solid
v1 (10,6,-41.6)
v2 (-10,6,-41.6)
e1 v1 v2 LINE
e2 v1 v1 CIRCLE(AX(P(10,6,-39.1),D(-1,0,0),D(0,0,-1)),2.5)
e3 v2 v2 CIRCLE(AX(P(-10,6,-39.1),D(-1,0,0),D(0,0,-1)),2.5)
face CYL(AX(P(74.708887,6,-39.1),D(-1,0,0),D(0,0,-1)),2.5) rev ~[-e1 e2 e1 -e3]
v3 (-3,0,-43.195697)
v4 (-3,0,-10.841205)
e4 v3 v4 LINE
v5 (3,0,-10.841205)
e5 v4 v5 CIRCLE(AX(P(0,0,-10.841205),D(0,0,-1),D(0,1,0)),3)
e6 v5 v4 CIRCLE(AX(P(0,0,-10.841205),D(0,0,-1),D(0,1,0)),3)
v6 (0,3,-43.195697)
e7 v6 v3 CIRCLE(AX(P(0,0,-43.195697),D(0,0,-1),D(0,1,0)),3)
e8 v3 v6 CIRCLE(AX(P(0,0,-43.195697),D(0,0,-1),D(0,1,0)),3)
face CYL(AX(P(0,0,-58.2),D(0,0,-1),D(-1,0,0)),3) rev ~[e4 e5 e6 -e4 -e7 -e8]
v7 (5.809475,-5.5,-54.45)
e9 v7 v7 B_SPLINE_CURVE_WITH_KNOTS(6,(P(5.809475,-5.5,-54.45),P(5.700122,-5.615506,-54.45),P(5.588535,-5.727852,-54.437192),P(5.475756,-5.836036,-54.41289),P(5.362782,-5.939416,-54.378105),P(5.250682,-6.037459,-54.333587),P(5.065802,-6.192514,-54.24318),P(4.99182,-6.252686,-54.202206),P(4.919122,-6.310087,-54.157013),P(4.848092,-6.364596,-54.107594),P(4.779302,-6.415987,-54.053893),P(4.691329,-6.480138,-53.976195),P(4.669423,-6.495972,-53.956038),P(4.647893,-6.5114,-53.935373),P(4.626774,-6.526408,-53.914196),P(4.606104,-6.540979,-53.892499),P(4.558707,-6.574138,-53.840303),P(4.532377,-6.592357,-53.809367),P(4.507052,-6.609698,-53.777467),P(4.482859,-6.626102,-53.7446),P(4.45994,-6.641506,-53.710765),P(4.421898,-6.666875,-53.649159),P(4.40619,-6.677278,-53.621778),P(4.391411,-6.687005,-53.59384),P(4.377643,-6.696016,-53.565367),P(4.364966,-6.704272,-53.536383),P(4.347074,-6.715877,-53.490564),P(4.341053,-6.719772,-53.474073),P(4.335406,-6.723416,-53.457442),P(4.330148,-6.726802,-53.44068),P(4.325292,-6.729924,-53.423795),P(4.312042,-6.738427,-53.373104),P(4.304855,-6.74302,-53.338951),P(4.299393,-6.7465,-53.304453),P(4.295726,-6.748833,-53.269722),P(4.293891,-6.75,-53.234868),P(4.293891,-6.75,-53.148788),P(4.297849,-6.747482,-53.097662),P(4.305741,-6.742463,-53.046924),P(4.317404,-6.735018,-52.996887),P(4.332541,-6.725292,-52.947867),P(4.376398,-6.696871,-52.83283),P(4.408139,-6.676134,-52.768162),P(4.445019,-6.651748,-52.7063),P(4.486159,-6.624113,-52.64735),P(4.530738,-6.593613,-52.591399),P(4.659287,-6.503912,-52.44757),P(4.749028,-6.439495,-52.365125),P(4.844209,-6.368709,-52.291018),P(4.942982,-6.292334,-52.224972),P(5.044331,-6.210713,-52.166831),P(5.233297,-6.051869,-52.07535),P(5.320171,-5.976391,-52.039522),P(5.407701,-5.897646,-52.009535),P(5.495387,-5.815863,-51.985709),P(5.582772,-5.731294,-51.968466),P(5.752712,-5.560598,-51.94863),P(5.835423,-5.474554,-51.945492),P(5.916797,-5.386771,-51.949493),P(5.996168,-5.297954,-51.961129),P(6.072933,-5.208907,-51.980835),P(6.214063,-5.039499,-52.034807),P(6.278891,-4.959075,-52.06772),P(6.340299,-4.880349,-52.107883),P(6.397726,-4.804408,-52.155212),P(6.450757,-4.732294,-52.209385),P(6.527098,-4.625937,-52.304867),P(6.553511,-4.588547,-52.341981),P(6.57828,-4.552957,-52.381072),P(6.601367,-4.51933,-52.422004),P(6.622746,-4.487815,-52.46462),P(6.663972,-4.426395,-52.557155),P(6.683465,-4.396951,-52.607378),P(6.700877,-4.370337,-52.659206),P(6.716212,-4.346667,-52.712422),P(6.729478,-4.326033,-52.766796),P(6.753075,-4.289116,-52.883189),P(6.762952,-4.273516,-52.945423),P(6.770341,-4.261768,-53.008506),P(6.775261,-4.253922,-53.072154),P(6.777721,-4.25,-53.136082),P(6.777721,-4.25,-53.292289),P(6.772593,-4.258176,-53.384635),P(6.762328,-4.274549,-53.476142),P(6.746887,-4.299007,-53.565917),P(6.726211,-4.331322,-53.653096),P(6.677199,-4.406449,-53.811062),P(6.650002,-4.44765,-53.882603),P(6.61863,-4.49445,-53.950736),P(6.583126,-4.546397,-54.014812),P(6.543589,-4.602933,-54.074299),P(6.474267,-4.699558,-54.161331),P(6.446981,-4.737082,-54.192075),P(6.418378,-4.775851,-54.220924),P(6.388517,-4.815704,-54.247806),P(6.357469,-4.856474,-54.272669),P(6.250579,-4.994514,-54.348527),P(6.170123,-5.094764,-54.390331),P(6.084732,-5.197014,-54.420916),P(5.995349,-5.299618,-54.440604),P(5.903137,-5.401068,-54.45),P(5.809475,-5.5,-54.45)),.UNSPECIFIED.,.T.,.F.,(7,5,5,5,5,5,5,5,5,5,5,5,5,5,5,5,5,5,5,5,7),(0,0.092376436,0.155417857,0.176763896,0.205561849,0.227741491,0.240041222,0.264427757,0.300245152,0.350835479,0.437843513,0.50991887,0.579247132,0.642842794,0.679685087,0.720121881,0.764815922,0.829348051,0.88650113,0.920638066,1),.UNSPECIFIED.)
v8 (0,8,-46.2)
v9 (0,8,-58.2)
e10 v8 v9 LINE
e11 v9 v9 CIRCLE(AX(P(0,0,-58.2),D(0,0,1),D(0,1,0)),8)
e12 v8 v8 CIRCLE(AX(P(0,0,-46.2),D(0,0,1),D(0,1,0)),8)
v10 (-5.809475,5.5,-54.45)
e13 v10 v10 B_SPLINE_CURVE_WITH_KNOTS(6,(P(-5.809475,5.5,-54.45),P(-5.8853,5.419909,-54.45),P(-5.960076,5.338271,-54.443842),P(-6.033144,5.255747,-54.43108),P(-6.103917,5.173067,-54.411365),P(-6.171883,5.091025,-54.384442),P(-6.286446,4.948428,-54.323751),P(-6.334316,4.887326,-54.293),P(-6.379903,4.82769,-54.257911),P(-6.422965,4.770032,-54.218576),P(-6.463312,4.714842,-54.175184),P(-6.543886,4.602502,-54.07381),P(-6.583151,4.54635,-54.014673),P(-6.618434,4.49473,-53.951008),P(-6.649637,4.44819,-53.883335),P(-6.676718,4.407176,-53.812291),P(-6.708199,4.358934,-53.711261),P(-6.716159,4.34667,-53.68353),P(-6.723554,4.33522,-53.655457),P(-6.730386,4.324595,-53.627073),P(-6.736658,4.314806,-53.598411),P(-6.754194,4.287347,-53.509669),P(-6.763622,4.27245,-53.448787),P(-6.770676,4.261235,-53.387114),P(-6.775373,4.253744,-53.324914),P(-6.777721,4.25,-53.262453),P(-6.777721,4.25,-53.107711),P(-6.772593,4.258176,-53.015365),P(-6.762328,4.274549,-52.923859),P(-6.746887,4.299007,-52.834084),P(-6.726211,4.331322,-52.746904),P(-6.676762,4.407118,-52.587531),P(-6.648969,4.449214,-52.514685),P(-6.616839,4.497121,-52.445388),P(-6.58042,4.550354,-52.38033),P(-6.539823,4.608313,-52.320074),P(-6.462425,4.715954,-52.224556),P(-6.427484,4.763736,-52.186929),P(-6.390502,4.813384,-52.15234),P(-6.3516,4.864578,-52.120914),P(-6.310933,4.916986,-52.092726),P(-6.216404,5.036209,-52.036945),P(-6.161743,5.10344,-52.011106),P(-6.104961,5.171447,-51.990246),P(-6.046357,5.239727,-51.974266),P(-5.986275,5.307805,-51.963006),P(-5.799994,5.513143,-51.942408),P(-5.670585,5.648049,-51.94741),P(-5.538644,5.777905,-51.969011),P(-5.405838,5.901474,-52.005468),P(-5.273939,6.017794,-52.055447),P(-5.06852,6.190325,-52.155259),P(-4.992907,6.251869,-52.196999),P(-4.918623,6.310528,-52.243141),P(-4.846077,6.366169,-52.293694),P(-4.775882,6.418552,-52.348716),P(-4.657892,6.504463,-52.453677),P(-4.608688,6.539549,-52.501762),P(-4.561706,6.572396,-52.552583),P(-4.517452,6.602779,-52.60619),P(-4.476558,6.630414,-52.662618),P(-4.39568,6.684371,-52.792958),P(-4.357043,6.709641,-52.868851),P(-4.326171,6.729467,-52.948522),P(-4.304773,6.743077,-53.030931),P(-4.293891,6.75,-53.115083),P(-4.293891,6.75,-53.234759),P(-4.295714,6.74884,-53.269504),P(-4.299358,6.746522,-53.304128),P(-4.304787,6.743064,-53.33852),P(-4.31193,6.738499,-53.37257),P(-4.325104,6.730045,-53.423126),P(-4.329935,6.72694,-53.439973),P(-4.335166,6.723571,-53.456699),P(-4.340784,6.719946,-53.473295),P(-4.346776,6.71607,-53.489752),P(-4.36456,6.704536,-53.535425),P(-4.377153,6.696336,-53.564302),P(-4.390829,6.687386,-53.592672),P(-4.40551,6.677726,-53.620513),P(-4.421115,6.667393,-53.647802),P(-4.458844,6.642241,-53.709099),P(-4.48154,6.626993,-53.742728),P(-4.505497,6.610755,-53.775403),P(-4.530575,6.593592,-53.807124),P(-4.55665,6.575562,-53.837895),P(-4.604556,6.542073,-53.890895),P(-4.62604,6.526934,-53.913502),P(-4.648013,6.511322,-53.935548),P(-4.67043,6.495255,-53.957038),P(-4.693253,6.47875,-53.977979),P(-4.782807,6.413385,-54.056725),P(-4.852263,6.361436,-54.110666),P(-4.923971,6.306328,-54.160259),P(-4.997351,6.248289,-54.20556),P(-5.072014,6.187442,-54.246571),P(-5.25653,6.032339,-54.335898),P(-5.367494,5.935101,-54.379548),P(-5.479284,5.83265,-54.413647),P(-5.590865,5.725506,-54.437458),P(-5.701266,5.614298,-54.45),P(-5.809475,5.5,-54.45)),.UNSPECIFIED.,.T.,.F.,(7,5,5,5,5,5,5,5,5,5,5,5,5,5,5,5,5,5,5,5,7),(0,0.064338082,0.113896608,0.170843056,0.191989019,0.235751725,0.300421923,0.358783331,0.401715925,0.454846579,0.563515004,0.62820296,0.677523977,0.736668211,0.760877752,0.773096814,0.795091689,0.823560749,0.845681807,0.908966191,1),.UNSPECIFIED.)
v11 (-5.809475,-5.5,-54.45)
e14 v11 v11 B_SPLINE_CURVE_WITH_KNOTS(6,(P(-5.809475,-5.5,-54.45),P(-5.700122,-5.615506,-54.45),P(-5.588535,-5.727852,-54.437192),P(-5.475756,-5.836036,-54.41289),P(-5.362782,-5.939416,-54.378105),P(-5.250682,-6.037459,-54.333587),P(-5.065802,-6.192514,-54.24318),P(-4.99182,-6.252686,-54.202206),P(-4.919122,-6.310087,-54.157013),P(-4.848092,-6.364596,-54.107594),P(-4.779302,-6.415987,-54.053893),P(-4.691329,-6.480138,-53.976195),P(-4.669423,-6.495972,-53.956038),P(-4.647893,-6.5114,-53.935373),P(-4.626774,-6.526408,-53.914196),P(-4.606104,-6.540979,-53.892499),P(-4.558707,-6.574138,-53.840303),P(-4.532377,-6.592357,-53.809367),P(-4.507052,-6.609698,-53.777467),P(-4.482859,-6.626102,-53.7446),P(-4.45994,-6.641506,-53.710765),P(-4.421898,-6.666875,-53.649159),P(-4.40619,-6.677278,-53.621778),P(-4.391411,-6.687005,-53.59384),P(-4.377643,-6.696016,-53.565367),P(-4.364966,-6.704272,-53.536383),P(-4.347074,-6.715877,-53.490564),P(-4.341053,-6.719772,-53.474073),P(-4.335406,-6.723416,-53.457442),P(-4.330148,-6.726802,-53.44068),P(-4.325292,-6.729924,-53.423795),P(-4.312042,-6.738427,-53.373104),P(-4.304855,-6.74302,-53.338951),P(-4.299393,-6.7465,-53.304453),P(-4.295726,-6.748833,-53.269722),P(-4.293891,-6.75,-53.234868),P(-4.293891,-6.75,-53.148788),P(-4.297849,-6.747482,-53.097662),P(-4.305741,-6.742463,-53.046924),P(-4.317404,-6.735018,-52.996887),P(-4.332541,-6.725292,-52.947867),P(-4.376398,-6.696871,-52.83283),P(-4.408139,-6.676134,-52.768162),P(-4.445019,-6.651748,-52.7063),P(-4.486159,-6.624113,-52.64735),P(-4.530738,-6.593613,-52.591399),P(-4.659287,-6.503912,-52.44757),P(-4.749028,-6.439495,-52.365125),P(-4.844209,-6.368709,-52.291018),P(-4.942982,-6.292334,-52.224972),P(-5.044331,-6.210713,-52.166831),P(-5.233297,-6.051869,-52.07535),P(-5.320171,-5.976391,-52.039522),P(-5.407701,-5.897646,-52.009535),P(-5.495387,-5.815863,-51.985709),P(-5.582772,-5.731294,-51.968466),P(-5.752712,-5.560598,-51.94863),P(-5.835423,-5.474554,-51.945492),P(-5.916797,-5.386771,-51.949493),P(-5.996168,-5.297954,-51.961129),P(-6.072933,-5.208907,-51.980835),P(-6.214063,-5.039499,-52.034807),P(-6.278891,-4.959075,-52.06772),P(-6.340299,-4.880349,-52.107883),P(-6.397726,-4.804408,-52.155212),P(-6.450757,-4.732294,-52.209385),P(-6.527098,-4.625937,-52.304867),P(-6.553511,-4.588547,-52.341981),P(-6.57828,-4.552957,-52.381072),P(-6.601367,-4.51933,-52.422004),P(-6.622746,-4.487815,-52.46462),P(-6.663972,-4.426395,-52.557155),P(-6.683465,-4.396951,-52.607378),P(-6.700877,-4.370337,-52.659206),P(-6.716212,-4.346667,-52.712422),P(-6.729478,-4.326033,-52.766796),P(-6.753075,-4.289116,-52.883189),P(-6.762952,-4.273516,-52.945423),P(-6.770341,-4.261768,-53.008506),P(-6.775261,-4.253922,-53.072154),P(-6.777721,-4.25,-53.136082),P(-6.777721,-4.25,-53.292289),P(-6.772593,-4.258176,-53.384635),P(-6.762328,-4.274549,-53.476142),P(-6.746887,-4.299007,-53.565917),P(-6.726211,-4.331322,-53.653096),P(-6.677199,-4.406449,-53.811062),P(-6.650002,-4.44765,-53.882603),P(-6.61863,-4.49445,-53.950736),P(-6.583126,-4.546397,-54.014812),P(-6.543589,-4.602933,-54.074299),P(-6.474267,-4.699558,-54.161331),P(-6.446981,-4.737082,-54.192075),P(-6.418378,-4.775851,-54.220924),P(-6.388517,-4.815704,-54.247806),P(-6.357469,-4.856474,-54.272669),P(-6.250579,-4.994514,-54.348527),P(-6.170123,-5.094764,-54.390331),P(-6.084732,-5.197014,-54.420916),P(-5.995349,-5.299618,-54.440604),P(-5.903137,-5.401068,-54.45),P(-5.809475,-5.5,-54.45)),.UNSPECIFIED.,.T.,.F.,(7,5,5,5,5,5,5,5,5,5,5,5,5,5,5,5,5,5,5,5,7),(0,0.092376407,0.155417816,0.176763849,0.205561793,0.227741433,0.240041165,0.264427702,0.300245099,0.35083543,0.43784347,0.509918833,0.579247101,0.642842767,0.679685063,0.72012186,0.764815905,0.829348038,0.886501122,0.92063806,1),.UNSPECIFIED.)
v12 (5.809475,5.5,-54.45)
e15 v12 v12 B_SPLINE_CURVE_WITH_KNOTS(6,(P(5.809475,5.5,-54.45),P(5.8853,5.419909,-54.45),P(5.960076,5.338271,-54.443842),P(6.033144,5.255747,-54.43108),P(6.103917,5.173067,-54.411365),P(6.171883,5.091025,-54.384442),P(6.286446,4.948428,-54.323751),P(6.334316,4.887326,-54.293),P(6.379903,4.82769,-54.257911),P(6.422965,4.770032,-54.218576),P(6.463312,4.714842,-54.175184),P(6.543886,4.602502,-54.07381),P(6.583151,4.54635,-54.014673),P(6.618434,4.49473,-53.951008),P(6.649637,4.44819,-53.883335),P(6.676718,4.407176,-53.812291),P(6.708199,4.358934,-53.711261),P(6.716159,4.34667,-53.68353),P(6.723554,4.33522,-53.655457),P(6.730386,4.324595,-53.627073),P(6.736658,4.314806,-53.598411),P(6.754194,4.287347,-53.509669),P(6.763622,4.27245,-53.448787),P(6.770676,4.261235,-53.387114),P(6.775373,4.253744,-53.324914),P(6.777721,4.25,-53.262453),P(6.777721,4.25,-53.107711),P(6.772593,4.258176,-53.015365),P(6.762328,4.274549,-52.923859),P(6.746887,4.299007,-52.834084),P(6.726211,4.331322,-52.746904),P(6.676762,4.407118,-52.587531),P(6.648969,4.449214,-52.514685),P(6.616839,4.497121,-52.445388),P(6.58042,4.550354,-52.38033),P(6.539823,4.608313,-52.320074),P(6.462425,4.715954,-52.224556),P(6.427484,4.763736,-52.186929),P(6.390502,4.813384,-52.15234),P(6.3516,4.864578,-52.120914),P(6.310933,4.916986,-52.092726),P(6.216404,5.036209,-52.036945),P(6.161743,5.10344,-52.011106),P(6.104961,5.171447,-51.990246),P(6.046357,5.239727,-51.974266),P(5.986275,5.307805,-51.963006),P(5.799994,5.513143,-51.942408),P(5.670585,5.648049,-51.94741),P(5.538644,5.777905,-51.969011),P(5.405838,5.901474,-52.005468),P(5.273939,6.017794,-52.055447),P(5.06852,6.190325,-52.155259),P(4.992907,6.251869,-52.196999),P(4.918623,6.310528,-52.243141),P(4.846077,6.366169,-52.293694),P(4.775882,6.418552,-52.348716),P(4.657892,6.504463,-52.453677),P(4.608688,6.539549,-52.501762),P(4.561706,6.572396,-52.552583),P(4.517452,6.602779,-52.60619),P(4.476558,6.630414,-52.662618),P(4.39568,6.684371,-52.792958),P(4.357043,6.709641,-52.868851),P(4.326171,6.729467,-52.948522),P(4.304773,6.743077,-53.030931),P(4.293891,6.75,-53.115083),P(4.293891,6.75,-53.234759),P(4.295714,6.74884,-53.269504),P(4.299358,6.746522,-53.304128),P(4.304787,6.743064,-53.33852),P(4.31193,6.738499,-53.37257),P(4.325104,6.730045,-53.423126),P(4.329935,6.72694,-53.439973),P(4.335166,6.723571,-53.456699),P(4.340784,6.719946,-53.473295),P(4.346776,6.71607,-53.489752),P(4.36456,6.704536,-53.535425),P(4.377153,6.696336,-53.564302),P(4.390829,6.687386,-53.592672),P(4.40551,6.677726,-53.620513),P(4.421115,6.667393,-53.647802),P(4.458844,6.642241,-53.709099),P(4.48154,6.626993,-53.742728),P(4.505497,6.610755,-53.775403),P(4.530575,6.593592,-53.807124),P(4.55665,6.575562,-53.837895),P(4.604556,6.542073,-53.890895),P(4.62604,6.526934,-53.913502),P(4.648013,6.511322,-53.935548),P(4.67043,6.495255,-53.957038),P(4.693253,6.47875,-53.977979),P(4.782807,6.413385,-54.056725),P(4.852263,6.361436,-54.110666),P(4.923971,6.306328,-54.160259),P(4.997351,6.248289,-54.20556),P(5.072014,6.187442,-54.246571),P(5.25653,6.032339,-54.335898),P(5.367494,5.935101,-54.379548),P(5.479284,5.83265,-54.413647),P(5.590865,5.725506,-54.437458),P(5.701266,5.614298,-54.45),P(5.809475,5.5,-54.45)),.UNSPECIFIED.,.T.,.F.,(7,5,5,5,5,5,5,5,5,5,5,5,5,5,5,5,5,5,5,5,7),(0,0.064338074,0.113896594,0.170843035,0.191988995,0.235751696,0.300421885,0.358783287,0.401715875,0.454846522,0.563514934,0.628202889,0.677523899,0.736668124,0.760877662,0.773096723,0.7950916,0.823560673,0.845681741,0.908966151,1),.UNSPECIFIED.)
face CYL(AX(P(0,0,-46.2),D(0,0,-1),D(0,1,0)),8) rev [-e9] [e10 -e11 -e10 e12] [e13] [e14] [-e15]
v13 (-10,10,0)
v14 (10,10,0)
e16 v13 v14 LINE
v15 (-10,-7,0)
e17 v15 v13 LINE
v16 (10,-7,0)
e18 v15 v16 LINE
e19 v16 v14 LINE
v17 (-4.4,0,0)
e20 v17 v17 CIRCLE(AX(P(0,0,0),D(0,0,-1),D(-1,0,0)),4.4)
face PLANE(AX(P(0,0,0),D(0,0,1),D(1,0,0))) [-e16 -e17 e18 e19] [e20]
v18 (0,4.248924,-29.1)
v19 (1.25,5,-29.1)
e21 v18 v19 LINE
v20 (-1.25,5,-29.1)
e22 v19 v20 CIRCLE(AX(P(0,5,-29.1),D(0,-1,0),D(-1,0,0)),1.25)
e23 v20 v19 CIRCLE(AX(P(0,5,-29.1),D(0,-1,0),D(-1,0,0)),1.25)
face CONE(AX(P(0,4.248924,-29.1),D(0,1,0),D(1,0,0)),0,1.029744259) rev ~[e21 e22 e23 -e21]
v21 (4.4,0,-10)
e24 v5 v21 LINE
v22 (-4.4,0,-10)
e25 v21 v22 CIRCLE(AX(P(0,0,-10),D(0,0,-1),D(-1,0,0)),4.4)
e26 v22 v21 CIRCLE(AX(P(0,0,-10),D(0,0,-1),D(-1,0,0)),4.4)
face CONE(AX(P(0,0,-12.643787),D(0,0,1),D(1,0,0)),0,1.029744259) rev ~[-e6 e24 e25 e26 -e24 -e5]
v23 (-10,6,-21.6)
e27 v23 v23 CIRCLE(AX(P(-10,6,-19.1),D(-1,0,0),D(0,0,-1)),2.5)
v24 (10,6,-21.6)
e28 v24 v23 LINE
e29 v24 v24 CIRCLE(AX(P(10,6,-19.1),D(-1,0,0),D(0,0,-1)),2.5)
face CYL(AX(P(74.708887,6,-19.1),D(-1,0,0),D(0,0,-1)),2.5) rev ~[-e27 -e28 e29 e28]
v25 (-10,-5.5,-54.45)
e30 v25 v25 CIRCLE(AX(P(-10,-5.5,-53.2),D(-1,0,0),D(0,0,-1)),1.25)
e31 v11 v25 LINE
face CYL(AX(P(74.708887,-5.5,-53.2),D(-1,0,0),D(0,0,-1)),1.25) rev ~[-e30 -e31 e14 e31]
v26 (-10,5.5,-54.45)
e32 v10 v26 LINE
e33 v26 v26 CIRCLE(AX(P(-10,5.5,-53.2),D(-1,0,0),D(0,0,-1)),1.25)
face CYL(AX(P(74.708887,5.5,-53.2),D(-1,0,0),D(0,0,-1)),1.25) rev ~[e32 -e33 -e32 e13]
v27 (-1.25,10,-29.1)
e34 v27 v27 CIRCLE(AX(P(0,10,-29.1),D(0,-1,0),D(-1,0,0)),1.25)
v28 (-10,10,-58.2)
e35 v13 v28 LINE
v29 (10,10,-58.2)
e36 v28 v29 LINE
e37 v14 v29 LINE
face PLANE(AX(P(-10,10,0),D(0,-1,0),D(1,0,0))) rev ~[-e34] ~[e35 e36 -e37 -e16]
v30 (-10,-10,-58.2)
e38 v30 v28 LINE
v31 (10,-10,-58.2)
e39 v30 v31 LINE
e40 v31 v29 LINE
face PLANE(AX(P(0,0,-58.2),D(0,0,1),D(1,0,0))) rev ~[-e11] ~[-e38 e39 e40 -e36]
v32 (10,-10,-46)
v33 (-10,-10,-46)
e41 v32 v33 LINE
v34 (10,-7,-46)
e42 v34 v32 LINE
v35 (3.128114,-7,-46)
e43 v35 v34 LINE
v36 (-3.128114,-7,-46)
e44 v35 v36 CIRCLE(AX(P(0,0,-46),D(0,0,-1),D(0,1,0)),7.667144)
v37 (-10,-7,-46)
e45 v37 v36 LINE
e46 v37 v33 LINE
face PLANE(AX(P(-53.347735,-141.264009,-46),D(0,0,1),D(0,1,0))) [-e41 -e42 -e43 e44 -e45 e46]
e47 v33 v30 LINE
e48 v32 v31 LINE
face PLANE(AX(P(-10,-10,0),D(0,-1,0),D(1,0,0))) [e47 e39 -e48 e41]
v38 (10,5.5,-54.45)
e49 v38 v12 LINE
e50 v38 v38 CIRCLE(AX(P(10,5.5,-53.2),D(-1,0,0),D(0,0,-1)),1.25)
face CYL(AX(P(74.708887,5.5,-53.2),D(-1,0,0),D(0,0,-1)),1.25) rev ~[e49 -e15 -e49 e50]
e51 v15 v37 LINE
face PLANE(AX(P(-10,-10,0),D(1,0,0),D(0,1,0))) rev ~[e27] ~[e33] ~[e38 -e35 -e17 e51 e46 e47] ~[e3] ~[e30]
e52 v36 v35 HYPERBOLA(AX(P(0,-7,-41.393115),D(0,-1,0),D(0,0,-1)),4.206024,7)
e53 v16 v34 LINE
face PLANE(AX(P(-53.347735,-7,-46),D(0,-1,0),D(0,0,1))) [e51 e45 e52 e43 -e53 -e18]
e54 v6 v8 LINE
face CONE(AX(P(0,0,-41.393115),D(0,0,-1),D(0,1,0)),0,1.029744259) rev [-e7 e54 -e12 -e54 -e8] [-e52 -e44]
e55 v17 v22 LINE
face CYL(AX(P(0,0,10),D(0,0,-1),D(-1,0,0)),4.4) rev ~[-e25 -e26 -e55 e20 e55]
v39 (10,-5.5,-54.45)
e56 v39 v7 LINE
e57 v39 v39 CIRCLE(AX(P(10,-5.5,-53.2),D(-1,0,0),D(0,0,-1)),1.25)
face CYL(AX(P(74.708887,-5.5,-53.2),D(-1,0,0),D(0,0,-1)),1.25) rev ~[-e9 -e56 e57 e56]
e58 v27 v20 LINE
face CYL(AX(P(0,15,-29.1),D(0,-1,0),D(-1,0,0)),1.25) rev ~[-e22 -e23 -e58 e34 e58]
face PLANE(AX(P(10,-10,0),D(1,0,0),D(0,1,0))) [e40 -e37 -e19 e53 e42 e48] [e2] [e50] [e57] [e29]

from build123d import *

# Parameters (mm, degrees)
SCHIZZO1_W                    = 20
SCHIZZO1_H                    = 20
ESTRUSIONE_ESTRUSIONE1_DEPTH  = 58.2
SCHIZZO2_R                    = 3
TAGLIO_ESTRUSIONE1_DEPTH      = 60.893572276
FORO_FILETTATO_G1_8_1_D       = 8.8
FORO_FILETTATO_G1_8_1_DEPTH   = 10
FORO_FILETTATO_G1_8_1_TIP     = 2.643786724
TAGLIO_ESTRUSIONE5_DEPTH      = 63.347734522
TAGLIO_ESTRUSIONE5_DEPTH_BACK = 63.347734522
FORO_FILETTATO_M3_1_D         = 2.5
FORO_FILETTATO_M3_1_DEPTH     = 5
FORO_FILETTATO_M3_1_TIP       = 0.751075774
FORO_FILETTATO_M3_2_D         = 2.5
M4_CLEARANCE_HOLE1_D          = 5


with BuildPart() as part:
    # Schizzo1 → Estrusione-Estrusione1 (new body)
    with BuildSketch(Plane.XY):
        Rectangle(SCHIZZO1_W, SCHIZZO1_H)
    extrude(amount=-ESTRUSIONE_ESTRUSIONE1_DEPTH)

    # Schizzo2 → Taglio-Estrusione1 (cut, through all)
    with BuildSketch(Plane(origin=(0, 0, -58.2), x_dir=(-1, 0, 0), z_dir=(0, 0, -1))):
        Circle(SCHIZZO2_R)
    extrude(amount=-TAGLIO_ESTRUSIONE1_DEPTH, mode=Mode.SUBTRACT)

    # Foro filettato G1/8-1
    with Locations(Plane.XY):
        with Locations((0, 0)):
            Hole(FORO_FILETTATO_G1_8_1_D / 2, depth=FORO_FILETTATO_G1_8_1_DEPTH)
            with Locations((0, 0, -(FORO_FILETTATO_G1_8_1_DEPTH + FORO_FILETTATO_G1_8_1_TIP / 2))):  # 118° drill point
                Cone(0, FORO_FILETTATO_G1_8_1_D / 2, FORO_FILETTATO_G1_8_1_TIP, mode=Mode.SUBTRACT)

    # Schizzo10 → Taglio-Estrusione5 (cut, two sides: drawn at the far end of the back side and taken through both)
    with BuildSketch(Plane(origin=(10, 0, 0), x_dir=(0, 0, -1), z_dir=(1, 0, 0)).offset(-TAGLIO_ESTRUSIONE5_DEPTH_BACK)):
        Polygon((-131.2640095, -7), (0, -7), (46, -7), (46, -10), (46, -141.2640095), (-112.509379382, -350.53832089), (-289.773388882, -216.27431139), align=None)
    extrude(amount=TAGLIO_ESTRUSIONE5_DEPTH + TAGLIO_ESTRUSIONE5_DEPTH_BACK, mode=Mode.SUBTRACT)

    # Foro filettato M3-1
    with Locations(Plane(origin=(0, 10, -29.1), x_dir=(1, 0, 0), z_dir=(0, 1, 0))):
        with Locations((0, 0)):
            Hole(FORO_FILETTATO_M3_1_D / 2, depth=FORO_FILETTATO_M3_1_DEPTH)
            with Locations((0, 0, -(FORO_FILETTATO_M3_1_DEPTH + FORO_FILETTATO_M3_1_TIP / 2))):  # 118° drill point
                Cone(0, FORO_FILETTATO_M3_1_D / 2, FORO_FILETTATO_M3_1_TIP, mode=Mode.SUBTRACT)

    # Schizzo14 → Foro Ø16.0 (16)-1 (revolve, cut)
    with BuildSketch(Plane(origin=(0, 0, -58.2), x_dir=(0, 1, 0), z_dir=(1, 0, 0))):
        Polygon((0, 0), (0, 16.806884952), (8, 12), (8, 0), align=None)
    revolve(axis=Axis((0, 0, -64.55), (0, 0, 1)), mode=Mode.SUBTRACT)

    # Foro filettato M3-2 (through all)
    with Locations(Plane(origin=(10, 5.5, -53.2), x_dir=(0, 0, 1), z_dir=(1, 0, 0))):
        with Locations((0, 0), (0, 11)):
            Hole(FORO_FILETTATO_M3_2_D / 2)

    # M4 Clearance Hole1 (through all)
    with Locations(Plane(origin=(10, 6, -19.1), x_dir=(0, 0, 1), z_dir=(1, 0, 0))):
        with Locations((0, 0), (-20, 0)):
            Hole(M4_CLEARANCE_HOLE1_D / 2)


solid = part.part
